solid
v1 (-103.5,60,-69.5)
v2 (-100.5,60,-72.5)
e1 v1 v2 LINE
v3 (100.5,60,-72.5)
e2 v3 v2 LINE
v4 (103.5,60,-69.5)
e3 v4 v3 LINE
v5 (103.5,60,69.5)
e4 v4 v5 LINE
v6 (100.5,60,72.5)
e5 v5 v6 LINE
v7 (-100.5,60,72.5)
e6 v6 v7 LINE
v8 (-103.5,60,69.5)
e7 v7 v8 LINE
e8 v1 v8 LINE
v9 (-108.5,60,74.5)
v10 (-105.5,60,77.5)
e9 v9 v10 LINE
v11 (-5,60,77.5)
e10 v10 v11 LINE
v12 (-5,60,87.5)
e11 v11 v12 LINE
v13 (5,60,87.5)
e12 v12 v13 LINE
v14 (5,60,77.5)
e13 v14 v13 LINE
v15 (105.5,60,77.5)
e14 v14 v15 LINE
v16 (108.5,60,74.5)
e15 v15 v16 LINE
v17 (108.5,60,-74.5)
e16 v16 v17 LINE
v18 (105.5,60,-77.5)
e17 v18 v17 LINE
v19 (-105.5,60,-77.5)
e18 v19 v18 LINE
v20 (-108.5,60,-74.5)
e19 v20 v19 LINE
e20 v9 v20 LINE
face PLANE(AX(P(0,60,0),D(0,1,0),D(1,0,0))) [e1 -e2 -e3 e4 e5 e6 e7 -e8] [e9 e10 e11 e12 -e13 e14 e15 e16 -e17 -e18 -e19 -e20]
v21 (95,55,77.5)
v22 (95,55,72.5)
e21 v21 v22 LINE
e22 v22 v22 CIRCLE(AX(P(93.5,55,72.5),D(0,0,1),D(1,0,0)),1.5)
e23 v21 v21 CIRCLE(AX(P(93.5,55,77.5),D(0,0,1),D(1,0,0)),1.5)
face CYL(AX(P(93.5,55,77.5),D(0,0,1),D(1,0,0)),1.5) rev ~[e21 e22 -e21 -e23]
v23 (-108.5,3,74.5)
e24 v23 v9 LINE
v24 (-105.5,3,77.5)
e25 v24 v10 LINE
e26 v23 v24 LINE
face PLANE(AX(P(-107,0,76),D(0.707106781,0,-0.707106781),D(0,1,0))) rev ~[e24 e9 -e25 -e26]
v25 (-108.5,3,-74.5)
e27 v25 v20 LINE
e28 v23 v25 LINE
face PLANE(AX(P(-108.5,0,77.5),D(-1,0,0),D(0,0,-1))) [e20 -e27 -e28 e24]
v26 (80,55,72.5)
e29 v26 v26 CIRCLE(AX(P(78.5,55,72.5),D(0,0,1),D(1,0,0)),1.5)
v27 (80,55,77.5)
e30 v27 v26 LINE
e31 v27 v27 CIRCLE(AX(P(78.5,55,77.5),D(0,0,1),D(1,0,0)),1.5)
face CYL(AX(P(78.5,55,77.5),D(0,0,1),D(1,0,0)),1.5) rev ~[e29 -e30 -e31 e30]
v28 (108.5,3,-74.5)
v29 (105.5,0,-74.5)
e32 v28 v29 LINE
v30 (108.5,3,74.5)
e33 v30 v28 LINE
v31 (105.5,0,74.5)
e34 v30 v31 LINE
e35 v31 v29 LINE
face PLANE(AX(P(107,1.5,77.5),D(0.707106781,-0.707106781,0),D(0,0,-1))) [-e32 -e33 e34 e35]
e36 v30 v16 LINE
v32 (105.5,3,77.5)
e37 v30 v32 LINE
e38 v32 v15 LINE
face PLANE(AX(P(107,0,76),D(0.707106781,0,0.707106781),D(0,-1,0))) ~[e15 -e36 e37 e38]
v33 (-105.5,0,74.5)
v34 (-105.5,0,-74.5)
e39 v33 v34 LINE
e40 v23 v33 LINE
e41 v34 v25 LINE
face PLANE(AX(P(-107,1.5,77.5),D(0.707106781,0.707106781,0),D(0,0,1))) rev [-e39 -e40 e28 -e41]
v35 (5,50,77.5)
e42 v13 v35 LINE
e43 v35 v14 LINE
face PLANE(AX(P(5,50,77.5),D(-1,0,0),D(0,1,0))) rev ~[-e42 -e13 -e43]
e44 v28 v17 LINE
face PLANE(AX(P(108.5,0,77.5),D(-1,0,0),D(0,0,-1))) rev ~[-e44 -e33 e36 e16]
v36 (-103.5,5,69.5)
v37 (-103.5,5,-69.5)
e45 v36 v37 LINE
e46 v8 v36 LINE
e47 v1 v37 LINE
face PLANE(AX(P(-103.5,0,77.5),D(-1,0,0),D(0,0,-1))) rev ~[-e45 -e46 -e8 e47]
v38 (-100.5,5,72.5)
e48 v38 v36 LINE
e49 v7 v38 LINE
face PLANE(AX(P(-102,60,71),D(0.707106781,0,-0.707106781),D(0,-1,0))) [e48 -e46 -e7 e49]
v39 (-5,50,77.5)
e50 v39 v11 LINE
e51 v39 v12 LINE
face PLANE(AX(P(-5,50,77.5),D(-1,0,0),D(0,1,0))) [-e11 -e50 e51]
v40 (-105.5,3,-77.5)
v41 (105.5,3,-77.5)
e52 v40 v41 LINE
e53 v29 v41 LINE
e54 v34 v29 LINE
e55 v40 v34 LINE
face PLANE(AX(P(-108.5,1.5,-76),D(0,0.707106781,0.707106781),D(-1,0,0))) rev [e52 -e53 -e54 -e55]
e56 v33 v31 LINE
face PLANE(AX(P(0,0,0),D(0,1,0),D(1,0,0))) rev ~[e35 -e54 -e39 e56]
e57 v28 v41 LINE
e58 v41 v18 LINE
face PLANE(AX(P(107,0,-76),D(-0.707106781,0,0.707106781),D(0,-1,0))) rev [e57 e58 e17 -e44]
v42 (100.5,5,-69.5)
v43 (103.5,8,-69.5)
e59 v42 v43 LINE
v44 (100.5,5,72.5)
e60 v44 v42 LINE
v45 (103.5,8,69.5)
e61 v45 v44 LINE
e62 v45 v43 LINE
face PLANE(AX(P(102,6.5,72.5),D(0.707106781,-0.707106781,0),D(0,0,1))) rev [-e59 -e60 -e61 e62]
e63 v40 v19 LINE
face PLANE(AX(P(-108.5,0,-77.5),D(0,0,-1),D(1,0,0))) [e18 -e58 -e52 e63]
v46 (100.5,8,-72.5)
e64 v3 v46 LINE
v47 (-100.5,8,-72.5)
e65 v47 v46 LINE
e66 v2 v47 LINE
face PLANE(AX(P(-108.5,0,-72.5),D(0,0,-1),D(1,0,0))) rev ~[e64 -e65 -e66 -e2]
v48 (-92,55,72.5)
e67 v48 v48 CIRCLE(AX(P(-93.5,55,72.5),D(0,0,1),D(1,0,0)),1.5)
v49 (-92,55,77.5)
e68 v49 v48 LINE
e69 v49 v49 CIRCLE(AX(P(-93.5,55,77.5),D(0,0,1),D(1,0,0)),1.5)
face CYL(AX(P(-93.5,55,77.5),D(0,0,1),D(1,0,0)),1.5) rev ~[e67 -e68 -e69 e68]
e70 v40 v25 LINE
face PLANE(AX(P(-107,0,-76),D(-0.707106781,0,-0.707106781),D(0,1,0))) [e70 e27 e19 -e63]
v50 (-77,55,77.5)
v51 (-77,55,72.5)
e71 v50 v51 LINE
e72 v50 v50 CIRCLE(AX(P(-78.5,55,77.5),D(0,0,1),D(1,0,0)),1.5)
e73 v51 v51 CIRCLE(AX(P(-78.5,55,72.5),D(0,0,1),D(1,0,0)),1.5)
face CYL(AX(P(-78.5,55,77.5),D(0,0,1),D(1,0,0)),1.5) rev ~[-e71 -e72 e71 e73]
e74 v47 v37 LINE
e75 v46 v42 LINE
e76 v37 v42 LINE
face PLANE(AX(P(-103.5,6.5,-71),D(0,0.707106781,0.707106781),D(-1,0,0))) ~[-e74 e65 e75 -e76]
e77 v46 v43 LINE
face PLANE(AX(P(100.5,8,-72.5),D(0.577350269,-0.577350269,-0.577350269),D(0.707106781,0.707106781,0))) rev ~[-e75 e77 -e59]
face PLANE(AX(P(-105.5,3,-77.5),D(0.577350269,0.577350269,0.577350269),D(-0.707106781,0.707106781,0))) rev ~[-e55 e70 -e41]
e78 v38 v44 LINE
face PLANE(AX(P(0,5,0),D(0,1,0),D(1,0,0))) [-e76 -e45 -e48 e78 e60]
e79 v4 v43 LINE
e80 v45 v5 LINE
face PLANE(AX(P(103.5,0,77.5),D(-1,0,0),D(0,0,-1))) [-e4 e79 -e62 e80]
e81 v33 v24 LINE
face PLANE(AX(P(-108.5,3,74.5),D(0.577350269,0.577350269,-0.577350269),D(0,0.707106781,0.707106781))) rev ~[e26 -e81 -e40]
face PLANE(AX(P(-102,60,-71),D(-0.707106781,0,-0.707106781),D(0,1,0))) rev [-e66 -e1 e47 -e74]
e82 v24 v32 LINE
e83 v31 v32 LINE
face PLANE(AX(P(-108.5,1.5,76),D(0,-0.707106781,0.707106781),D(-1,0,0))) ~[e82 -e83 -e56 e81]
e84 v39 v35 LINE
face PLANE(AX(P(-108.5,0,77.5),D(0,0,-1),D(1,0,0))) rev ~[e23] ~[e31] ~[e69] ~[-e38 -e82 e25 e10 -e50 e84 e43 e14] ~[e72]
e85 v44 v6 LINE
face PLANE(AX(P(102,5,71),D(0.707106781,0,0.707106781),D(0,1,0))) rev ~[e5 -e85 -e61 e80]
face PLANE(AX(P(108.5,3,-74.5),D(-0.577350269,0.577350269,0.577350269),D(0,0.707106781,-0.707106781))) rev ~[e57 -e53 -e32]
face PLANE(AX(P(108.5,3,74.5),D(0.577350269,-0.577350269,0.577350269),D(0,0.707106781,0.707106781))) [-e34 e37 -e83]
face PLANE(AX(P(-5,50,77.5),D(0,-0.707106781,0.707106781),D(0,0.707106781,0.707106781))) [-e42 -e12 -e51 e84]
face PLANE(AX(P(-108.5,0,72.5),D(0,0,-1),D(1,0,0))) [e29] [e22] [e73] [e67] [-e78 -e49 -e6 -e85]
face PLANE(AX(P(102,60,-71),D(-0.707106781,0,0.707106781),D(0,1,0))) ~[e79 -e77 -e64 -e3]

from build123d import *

# Parameters (mm, degrees)
SKIZZE2_W                       = 217
SKIZZE2_H                       = 155
AUFSATZ_LINEAR_AUSTRAGEN1_DEPTH = 60
WANDUNG1_T                      = -5
SCHNITT_LINEAR_AUSTRAGEN1_REACH = 200.487
SKIZZE7_R                       = 1.5
SKIZZE8_W                       = 10
SKIZZE8_H                       = 10
AUFSATZ_LINEAR_AUSTRAGEN2_DEPTH = 10
SCHNITT_LINEAR_AUSTRAGEN2_REACH = 157.366
FASE1_SIZE                      = 3


with BuildPart() as part:
    # Skizze2 → Aufsatz-Linear austragen1 (new body)
    with BuildSketch(Plane(origin=(0, 0, 0), x_dir=(1, 0, 0), z_dir=(0, 1, 0))):
        Rectangle(SKIZZE2_W, SKIZZE2_H)
    extrude(amount=AUFSATZ_LINEAR_AUSTRAGEN1_DEPTH)

    # Wandung1
    wandung1_openings = [part.faces().sort_by_distance(p)[0] for p in [
        (0, 60, 0),
    ]]
    offset(amount=WANDUNG1_T, openings=wandung1_openings, kind=Kind.INTERSECTION)

    # Skizze7 → Schnitt-Linear austragen1 (cut, up to next)
    with BuildSketch(Plane.XY.offset(77.5), mode=Mode.PRIVATE) as schnitt_linear_austragen1_sk1:
        with Locations((-93.5, 55)):
            Circle(SKIZZE7_R)
    schnitt_linear_austragen1_tool1 = extrude(schnitt_linear_austragen1_sk1.sketch, amount=-SCHNITT_LINEAR_AUSTRAGEN1_REACH, mode=Mode.PRIVATE) & part.part
    # Skizze7 → Schnitt-Linear austragen1 (cut, up to next)
    with BuildSketch(Plane.XY.offset(77.5), mode=Mode.PRIVATE) as schnitt_linear_austragen1_sk2:
        with Locations((-78.5, 55)):
            Circle(SKIZZE7_R)
    schnitt_linear_austragen1_tool2 = extrude(schnitt_linear_austragen1_sk2.sketch, amount=-SCHNITT_LINEAR_AUSTRAGEN1_REACH, mode=Mode.PRIVATE) & part.part
    # Skizze7 → Schnitt-Linear austragen1 (cut, up to next)
    with BuildSketch(Plane.XY.offset(77.5), mode=Mode.PRIVATE) as schnitt_linear_austragen1_sk3:
        with Locations((78.5, 55)):
            Circle(SKIZZE7_R)
    schnitt_linear_austragen1_tool3 = extrude(schnitt_linear_austragen1_sk3.sketch, amount=-SCHNITT_LINEAR_AUSTRAGEN1_REACH, mode=Mode.PRIVATE) & part.part
    # Skizze7 → Schnitt-Linear austragen1 (cut, up to next)
    with BuildSketch(Plane.XY.offset(77.5), mode=Mode.PRIVATE) as schnitt_linear_austragen1_sk4:
        with Locations((93.5, 55)):
            Circle(SKIZZE7_R)
    schnitt_linear_austragen1_tool4 = extrude(schnitt_linear_austragen1_sk4.sketch, amount=-SCHNITT_LINEAR_AUSTRAGEN1_REACH, mode=Mode.PRIVATE) & part.part
    add(schnitt_linear_austragen1_tool1.solids().sort_by_distance((-93.5, 55, 77.5))[0], mode=Mode.SUBTRACT)
    add(schnitt_linear_austragen1_tool2.solids().sort_by_distance((-78.5, 55, 77.5))[0], mode=Mode.SUBTRACT)
    add(schnitt_linear_austragen1_tool3.solids().sort_by_distance((78.5, 55, 77.5))[0], mode=Mode.SUBTRACT)
    add(schnitt_linear_austragen1_tool4.solids().sort_by_distance((93.5, 55, 77.5))[0], mode=Mode.SUBTRACT)

    # Skizze8 → Aufsatz-Linear austragen2 (add)
    with BuildSketch(Plane.XY.offset(77.5)):
        with Locations((0, 55)):
            Rectangle(SKIZZE8_W, SKIZZE8_H)
    extrude(amount=AUFSATZ_LINEAR_AUSTRAGEN2_DEPTH)

    # Skizze9 → Schnitt-Linear austragen2 (cut, up to next)
    with BuildSketch(Plane.ZY.offset(5), mode=Mode.PRIVATE) as schnitt_linear_austragen2_sk1:
        Polygon((77.5, 50), (87.5, 60), (87.5, 50), align=None)
    schnitt_linear_austragen2_tool1 = extrude(schnitt_linear_austragen2_sk1.sketch, amount=-SCHNITT_LINEAR_AUSTRAGEN2_REACH, mode=Mode.PRIVATE) & part.part
    add(schnitt_linear_austragen2_tool1.solids().sort_by_distance((-5, 53.333333, 84.166667))[0], mode=Mode.SUBTRACT)

    # Fase1
    fase1_edges = [part.edges().sort_by_distance(p)[0] for p in [
        (103.5, 5, 0),
        (103.5, 32.5, 72.5),
        (0, 5, -72.5),
        (103.5, 32.5, -72.5),
        (-103.5, 32.5, -72.5),
        (-103.5, 32.5, 72.5),
        (0, 0, 77.5),
        (-108.5, 0, 0),
        (0, 0, -77.5),
        (108.5, 0, 0),
        (108.5, 30, 77.5),
        (-108.5, 30, 77.5),
        (-108.5, 30, -77.5),
        (108.5, 30, -77.5),
    ]]
    chamfer(fase1_edges, length=FASE1_SIZE)


solid = part.part
